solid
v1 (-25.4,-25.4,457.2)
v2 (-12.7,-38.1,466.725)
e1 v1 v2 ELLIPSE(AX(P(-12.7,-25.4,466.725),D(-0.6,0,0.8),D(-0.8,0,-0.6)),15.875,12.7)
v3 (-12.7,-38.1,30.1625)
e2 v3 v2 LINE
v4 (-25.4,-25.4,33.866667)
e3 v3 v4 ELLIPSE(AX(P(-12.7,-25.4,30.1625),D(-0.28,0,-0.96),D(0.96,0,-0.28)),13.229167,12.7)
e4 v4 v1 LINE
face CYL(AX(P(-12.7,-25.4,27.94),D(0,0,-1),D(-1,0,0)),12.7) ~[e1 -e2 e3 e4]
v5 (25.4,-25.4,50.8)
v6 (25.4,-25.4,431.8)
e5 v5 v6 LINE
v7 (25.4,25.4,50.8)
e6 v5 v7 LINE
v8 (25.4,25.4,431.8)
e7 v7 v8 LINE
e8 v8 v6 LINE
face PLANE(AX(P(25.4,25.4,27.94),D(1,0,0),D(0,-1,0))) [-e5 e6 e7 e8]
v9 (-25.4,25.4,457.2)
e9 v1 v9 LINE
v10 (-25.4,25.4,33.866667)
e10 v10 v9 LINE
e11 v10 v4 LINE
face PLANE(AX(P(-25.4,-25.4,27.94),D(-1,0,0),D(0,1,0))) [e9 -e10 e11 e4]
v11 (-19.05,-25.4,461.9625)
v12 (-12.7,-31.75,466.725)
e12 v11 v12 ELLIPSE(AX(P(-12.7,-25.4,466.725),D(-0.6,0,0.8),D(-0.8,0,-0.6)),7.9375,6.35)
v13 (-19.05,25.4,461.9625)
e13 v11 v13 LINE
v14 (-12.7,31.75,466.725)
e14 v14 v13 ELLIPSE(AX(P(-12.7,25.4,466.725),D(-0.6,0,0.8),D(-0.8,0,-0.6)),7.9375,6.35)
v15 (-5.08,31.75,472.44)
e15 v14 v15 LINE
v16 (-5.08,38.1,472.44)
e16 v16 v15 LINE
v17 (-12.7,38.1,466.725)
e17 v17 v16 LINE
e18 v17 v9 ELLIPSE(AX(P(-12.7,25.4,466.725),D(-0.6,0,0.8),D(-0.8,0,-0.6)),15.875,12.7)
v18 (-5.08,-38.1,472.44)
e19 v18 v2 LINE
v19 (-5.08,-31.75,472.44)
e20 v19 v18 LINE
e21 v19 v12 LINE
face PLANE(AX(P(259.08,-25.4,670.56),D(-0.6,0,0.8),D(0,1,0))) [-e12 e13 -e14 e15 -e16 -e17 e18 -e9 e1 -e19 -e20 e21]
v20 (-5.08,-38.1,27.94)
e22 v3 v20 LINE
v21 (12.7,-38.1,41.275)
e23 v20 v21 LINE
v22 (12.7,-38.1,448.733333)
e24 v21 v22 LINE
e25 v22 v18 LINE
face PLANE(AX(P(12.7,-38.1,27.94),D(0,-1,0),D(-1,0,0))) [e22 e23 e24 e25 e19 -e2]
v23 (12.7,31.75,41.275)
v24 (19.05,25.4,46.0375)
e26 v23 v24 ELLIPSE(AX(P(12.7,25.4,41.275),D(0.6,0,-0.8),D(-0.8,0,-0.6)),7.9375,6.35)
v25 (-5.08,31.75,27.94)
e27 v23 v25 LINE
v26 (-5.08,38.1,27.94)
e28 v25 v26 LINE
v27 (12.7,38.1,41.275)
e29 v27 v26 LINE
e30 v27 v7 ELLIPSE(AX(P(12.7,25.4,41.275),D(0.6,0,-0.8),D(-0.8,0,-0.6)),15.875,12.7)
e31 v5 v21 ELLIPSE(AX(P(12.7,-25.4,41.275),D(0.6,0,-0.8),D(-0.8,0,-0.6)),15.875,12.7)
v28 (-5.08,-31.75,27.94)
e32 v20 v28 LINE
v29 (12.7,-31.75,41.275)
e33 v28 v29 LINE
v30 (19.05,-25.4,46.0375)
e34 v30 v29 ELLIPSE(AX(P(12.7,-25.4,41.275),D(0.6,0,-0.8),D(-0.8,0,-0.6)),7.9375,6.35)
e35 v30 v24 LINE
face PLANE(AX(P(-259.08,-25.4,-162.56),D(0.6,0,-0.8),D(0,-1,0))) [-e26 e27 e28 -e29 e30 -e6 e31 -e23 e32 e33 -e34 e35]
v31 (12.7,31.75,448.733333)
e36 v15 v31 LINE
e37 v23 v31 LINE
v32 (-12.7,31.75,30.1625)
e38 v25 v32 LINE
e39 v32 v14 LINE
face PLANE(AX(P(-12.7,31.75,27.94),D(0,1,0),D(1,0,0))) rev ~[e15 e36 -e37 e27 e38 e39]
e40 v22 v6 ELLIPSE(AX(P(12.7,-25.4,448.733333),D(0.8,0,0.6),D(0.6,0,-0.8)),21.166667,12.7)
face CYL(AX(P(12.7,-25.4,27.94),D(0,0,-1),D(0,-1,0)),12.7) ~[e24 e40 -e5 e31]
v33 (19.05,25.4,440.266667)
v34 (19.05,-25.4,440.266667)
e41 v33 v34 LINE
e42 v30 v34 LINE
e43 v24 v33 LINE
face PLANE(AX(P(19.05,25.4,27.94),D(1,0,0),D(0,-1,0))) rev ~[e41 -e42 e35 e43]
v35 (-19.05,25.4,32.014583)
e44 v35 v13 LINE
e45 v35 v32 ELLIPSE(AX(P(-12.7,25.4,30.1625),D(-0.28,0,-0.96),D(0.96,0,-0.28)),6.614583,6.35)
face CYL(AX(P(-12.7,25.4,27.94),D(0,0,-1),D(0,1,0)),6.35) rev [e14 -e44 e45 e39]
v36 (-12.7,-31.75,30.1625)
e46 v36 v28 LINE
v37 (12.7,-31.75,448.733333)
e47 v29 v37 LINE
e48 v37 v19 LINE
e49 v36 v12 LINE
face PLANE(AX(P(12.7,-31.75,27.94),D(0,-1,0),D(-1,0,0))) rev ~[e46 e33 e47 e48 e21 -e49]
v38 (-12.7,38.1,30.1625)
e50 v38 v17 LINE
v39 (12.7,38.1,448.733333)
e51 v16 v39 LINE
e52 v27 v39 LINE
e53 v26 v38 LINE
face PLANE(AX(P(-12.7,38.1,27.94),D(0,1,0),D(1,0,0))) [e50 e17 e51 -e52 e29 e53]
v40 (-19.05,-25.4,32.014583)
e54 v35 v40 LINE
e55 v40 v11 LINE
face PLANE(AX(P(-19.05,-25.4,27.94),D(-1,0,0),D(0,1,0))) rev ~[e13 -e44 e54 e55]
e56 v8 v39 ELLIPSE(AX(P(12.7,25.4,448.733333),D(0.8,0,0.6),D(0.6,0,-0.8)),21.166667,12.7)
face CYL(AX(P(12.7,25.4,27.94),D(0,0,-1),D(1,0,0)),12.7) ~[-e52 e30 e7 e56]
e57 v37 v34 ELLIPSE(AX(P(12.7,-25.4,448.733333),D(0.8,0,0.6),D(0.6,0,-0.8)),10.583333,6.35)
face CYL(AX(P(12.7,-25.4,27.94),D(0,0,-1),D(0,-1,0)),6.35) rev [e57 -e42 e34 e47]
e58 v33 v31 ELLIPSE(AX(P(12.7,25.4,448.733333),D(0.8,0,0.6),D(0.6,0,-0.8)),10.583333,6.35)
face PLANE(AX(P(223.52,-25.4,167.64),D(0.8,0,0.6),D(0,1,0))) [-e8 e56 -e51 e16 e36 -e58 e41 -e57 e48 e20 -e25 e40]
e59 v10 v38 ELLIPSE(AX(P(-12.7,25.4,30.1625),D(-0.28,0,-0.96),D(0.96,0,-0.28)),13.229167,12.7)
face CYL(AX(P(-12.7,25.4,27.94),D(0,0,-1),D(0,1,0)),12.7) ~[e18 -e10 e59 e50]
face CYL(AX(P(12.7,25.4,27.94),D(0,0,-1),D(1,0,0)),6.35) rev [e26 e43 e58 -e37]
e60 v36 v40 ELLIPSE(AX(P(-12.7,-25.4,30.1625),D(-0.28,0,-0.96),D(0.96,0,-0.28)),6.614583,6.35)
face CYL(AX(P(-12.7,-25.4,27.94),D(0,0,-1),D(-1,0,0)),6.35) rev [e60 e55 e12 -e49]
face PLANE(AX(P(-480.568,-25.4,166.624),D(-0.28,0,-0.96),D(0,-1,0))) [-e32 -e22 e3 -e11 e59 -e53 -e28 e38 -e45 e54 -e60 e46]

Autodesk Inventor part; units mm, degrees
ref_plane "Start Plane" through (0, 0, 27.94) normal (0, 0, 1) x (1, 0, 0)
ref_plane "End Plane" through (0, 0, 472.44) normal (0, 0, 1) x (1, 0, 0)
sketch "Sketch" plane through (0, 0, 0) normal (0, 0, 1) x (1, 0, 0)
  line L0 (-25.4, -25.4) -> (-25.4, 25.4)
  line L1 (-12.7, 38.1) -> (12.7, 38.1)
  line L2 (25.4, 25.4) -> (25.4, -25.4)
  line L3 (12.7, -38.1) -> (-12.7, -38.1)
  arc A0 (-25.4, -25.4) -> (-12.7, -38.1) centre (-12.7, -25.4) ccw
  arc A1 (-12.7, 38.1) -> (-25.4, 25.4) centre (-12.7, 25.4) ccw
  arc A2 (25.4, 25.4) -> (12.7, 38.1) centre (12.7, 25.4) ccw
  arc A3 (12.7, -38.1) -> (25.4, -25.4) centre (12.7, -25.4) ccw
  arc A4 (-12.7, 31.75) -> (-19.05, 25.4) centre (-12.7, 25.4) ccw
  line L4 (-12.7, 31.75) -> (12.7, 31.75)
  arc A5 (19.05, 25.4) -> (12.7, 31.75) centre (12.7, 25.4) ccw
  line L5 (19.05, 25.4) -> (19.05, -25.4)
  arc A6 (12.7, -31.75) -> (19.05, -25.4) centre (12.7, -25.4) ccw
  line L6 (12.7, -31.75) -> (-12.7, -31.75)
  arc A7 (-19.05, -25.4) -> (-12.7, -31.75) centre (-12.7, -25.4) ccw
  line L7 (-19.05, -25.4) -> (-19.05, 25.4)
  line L8 (0, 57.0224) -> (0, -57.0224) construction
  line L9 (-39.2424, 0) -> (39.2424, 0) construction
  dimension "d10" = 76.2
  dimension "d11" = 50.8
  dimension "d12" = 6.35
  dimension "d15" = 38.1
  dimension "d16" = 25.4
  dimension "d17" = 12.7
extrude "Body" add sketch "Sketch" along normal up to surface (444.5 mm away) from surface at 27.94
sketch "Sketch3" plane through (0, 0, 0) normal (0, 0, 1) x (1, 0, 0)
  line L0 (0, 0) -> (10, 0)
ref_plane "Work Plane3" through (0, 0, 0) normal (0, -1, 0) x (1, 0, 0)
ref_plane "Work Plane4" through (259.08, -25.4, 670.56) normal (-0.6, 0, 0.8) x (0.8, 0, 0.6)
split "Split1" plane through (259.08, -25.4, 670.56) removes the side toward (-0.6, 0, 0.8)
ref_plane "Work Plane5" through (-259.08, -25.4, -162.56) normal (0.6, 0, -0.8) x (-0.8, 0, -0.6)
split "Split2" plane through (-259.08, -25.4, -162.56) removes the side toward (0.6, 0, -0.8)
ref_plane "Work Plane6" through (223.52, -25.4, 167.64) normal (0.8, 0, 0.6) x (0.6, 0, -0.8)
split "Split3" plane through (223.52, -25.4, 167.64) removes the side toward (0.8, 0, 0.6)
ref_plane "Work Plane7" through (-480.568, -25.4, 166.624) normal (-0.28, 0, -0.96) x (-0.96, 0, 0.28)
split "Split4" plane through (-480.568, -25.4, 166.624) removes the side toward (-0.28, 0, -0.96)
sketch "Sketch4" plane through (0, 0, 0) normal (0, -1, 0) x (1, 0, 0)
  line L0 (-2, 27.94) -> (12, 27.94) projected
  line L1 (-2, 472.44) -> (12, 472.44) projected
  dimension "d19" = 444.5
equation "\"d10\" = G_H"
equation "\"d11\" = G_W"
equation "\"d12\" = G_T"
equation "\"d15\" = 0.5 * d10"
equation "\"d16\" = 0.5 * d11"
equation "\"d17\" = G_IR"
equation "\"d3\" = G_L"
equation "\"G_W\" = 50.8"
equation "\"G_H\" = 76.2"
equation "\"G_T\" = 6.35"
equation "\"G_IR\" = 12.7"
equation "\"G_L\" = d19"
equation "\"G_OFFSET_START\" = -27.94"
equation "\"G_OFFSET_END\" = -35.56"
equation "\"d13\" = -G_OFFSET_START"
equation "\"d14\" = G_OFFSET_END + B_L"
equation "\"B_L\" = 508"
properties part number "AISC - 3 x 2 x 1/4 - 17.5" material "Steel, Mild"
